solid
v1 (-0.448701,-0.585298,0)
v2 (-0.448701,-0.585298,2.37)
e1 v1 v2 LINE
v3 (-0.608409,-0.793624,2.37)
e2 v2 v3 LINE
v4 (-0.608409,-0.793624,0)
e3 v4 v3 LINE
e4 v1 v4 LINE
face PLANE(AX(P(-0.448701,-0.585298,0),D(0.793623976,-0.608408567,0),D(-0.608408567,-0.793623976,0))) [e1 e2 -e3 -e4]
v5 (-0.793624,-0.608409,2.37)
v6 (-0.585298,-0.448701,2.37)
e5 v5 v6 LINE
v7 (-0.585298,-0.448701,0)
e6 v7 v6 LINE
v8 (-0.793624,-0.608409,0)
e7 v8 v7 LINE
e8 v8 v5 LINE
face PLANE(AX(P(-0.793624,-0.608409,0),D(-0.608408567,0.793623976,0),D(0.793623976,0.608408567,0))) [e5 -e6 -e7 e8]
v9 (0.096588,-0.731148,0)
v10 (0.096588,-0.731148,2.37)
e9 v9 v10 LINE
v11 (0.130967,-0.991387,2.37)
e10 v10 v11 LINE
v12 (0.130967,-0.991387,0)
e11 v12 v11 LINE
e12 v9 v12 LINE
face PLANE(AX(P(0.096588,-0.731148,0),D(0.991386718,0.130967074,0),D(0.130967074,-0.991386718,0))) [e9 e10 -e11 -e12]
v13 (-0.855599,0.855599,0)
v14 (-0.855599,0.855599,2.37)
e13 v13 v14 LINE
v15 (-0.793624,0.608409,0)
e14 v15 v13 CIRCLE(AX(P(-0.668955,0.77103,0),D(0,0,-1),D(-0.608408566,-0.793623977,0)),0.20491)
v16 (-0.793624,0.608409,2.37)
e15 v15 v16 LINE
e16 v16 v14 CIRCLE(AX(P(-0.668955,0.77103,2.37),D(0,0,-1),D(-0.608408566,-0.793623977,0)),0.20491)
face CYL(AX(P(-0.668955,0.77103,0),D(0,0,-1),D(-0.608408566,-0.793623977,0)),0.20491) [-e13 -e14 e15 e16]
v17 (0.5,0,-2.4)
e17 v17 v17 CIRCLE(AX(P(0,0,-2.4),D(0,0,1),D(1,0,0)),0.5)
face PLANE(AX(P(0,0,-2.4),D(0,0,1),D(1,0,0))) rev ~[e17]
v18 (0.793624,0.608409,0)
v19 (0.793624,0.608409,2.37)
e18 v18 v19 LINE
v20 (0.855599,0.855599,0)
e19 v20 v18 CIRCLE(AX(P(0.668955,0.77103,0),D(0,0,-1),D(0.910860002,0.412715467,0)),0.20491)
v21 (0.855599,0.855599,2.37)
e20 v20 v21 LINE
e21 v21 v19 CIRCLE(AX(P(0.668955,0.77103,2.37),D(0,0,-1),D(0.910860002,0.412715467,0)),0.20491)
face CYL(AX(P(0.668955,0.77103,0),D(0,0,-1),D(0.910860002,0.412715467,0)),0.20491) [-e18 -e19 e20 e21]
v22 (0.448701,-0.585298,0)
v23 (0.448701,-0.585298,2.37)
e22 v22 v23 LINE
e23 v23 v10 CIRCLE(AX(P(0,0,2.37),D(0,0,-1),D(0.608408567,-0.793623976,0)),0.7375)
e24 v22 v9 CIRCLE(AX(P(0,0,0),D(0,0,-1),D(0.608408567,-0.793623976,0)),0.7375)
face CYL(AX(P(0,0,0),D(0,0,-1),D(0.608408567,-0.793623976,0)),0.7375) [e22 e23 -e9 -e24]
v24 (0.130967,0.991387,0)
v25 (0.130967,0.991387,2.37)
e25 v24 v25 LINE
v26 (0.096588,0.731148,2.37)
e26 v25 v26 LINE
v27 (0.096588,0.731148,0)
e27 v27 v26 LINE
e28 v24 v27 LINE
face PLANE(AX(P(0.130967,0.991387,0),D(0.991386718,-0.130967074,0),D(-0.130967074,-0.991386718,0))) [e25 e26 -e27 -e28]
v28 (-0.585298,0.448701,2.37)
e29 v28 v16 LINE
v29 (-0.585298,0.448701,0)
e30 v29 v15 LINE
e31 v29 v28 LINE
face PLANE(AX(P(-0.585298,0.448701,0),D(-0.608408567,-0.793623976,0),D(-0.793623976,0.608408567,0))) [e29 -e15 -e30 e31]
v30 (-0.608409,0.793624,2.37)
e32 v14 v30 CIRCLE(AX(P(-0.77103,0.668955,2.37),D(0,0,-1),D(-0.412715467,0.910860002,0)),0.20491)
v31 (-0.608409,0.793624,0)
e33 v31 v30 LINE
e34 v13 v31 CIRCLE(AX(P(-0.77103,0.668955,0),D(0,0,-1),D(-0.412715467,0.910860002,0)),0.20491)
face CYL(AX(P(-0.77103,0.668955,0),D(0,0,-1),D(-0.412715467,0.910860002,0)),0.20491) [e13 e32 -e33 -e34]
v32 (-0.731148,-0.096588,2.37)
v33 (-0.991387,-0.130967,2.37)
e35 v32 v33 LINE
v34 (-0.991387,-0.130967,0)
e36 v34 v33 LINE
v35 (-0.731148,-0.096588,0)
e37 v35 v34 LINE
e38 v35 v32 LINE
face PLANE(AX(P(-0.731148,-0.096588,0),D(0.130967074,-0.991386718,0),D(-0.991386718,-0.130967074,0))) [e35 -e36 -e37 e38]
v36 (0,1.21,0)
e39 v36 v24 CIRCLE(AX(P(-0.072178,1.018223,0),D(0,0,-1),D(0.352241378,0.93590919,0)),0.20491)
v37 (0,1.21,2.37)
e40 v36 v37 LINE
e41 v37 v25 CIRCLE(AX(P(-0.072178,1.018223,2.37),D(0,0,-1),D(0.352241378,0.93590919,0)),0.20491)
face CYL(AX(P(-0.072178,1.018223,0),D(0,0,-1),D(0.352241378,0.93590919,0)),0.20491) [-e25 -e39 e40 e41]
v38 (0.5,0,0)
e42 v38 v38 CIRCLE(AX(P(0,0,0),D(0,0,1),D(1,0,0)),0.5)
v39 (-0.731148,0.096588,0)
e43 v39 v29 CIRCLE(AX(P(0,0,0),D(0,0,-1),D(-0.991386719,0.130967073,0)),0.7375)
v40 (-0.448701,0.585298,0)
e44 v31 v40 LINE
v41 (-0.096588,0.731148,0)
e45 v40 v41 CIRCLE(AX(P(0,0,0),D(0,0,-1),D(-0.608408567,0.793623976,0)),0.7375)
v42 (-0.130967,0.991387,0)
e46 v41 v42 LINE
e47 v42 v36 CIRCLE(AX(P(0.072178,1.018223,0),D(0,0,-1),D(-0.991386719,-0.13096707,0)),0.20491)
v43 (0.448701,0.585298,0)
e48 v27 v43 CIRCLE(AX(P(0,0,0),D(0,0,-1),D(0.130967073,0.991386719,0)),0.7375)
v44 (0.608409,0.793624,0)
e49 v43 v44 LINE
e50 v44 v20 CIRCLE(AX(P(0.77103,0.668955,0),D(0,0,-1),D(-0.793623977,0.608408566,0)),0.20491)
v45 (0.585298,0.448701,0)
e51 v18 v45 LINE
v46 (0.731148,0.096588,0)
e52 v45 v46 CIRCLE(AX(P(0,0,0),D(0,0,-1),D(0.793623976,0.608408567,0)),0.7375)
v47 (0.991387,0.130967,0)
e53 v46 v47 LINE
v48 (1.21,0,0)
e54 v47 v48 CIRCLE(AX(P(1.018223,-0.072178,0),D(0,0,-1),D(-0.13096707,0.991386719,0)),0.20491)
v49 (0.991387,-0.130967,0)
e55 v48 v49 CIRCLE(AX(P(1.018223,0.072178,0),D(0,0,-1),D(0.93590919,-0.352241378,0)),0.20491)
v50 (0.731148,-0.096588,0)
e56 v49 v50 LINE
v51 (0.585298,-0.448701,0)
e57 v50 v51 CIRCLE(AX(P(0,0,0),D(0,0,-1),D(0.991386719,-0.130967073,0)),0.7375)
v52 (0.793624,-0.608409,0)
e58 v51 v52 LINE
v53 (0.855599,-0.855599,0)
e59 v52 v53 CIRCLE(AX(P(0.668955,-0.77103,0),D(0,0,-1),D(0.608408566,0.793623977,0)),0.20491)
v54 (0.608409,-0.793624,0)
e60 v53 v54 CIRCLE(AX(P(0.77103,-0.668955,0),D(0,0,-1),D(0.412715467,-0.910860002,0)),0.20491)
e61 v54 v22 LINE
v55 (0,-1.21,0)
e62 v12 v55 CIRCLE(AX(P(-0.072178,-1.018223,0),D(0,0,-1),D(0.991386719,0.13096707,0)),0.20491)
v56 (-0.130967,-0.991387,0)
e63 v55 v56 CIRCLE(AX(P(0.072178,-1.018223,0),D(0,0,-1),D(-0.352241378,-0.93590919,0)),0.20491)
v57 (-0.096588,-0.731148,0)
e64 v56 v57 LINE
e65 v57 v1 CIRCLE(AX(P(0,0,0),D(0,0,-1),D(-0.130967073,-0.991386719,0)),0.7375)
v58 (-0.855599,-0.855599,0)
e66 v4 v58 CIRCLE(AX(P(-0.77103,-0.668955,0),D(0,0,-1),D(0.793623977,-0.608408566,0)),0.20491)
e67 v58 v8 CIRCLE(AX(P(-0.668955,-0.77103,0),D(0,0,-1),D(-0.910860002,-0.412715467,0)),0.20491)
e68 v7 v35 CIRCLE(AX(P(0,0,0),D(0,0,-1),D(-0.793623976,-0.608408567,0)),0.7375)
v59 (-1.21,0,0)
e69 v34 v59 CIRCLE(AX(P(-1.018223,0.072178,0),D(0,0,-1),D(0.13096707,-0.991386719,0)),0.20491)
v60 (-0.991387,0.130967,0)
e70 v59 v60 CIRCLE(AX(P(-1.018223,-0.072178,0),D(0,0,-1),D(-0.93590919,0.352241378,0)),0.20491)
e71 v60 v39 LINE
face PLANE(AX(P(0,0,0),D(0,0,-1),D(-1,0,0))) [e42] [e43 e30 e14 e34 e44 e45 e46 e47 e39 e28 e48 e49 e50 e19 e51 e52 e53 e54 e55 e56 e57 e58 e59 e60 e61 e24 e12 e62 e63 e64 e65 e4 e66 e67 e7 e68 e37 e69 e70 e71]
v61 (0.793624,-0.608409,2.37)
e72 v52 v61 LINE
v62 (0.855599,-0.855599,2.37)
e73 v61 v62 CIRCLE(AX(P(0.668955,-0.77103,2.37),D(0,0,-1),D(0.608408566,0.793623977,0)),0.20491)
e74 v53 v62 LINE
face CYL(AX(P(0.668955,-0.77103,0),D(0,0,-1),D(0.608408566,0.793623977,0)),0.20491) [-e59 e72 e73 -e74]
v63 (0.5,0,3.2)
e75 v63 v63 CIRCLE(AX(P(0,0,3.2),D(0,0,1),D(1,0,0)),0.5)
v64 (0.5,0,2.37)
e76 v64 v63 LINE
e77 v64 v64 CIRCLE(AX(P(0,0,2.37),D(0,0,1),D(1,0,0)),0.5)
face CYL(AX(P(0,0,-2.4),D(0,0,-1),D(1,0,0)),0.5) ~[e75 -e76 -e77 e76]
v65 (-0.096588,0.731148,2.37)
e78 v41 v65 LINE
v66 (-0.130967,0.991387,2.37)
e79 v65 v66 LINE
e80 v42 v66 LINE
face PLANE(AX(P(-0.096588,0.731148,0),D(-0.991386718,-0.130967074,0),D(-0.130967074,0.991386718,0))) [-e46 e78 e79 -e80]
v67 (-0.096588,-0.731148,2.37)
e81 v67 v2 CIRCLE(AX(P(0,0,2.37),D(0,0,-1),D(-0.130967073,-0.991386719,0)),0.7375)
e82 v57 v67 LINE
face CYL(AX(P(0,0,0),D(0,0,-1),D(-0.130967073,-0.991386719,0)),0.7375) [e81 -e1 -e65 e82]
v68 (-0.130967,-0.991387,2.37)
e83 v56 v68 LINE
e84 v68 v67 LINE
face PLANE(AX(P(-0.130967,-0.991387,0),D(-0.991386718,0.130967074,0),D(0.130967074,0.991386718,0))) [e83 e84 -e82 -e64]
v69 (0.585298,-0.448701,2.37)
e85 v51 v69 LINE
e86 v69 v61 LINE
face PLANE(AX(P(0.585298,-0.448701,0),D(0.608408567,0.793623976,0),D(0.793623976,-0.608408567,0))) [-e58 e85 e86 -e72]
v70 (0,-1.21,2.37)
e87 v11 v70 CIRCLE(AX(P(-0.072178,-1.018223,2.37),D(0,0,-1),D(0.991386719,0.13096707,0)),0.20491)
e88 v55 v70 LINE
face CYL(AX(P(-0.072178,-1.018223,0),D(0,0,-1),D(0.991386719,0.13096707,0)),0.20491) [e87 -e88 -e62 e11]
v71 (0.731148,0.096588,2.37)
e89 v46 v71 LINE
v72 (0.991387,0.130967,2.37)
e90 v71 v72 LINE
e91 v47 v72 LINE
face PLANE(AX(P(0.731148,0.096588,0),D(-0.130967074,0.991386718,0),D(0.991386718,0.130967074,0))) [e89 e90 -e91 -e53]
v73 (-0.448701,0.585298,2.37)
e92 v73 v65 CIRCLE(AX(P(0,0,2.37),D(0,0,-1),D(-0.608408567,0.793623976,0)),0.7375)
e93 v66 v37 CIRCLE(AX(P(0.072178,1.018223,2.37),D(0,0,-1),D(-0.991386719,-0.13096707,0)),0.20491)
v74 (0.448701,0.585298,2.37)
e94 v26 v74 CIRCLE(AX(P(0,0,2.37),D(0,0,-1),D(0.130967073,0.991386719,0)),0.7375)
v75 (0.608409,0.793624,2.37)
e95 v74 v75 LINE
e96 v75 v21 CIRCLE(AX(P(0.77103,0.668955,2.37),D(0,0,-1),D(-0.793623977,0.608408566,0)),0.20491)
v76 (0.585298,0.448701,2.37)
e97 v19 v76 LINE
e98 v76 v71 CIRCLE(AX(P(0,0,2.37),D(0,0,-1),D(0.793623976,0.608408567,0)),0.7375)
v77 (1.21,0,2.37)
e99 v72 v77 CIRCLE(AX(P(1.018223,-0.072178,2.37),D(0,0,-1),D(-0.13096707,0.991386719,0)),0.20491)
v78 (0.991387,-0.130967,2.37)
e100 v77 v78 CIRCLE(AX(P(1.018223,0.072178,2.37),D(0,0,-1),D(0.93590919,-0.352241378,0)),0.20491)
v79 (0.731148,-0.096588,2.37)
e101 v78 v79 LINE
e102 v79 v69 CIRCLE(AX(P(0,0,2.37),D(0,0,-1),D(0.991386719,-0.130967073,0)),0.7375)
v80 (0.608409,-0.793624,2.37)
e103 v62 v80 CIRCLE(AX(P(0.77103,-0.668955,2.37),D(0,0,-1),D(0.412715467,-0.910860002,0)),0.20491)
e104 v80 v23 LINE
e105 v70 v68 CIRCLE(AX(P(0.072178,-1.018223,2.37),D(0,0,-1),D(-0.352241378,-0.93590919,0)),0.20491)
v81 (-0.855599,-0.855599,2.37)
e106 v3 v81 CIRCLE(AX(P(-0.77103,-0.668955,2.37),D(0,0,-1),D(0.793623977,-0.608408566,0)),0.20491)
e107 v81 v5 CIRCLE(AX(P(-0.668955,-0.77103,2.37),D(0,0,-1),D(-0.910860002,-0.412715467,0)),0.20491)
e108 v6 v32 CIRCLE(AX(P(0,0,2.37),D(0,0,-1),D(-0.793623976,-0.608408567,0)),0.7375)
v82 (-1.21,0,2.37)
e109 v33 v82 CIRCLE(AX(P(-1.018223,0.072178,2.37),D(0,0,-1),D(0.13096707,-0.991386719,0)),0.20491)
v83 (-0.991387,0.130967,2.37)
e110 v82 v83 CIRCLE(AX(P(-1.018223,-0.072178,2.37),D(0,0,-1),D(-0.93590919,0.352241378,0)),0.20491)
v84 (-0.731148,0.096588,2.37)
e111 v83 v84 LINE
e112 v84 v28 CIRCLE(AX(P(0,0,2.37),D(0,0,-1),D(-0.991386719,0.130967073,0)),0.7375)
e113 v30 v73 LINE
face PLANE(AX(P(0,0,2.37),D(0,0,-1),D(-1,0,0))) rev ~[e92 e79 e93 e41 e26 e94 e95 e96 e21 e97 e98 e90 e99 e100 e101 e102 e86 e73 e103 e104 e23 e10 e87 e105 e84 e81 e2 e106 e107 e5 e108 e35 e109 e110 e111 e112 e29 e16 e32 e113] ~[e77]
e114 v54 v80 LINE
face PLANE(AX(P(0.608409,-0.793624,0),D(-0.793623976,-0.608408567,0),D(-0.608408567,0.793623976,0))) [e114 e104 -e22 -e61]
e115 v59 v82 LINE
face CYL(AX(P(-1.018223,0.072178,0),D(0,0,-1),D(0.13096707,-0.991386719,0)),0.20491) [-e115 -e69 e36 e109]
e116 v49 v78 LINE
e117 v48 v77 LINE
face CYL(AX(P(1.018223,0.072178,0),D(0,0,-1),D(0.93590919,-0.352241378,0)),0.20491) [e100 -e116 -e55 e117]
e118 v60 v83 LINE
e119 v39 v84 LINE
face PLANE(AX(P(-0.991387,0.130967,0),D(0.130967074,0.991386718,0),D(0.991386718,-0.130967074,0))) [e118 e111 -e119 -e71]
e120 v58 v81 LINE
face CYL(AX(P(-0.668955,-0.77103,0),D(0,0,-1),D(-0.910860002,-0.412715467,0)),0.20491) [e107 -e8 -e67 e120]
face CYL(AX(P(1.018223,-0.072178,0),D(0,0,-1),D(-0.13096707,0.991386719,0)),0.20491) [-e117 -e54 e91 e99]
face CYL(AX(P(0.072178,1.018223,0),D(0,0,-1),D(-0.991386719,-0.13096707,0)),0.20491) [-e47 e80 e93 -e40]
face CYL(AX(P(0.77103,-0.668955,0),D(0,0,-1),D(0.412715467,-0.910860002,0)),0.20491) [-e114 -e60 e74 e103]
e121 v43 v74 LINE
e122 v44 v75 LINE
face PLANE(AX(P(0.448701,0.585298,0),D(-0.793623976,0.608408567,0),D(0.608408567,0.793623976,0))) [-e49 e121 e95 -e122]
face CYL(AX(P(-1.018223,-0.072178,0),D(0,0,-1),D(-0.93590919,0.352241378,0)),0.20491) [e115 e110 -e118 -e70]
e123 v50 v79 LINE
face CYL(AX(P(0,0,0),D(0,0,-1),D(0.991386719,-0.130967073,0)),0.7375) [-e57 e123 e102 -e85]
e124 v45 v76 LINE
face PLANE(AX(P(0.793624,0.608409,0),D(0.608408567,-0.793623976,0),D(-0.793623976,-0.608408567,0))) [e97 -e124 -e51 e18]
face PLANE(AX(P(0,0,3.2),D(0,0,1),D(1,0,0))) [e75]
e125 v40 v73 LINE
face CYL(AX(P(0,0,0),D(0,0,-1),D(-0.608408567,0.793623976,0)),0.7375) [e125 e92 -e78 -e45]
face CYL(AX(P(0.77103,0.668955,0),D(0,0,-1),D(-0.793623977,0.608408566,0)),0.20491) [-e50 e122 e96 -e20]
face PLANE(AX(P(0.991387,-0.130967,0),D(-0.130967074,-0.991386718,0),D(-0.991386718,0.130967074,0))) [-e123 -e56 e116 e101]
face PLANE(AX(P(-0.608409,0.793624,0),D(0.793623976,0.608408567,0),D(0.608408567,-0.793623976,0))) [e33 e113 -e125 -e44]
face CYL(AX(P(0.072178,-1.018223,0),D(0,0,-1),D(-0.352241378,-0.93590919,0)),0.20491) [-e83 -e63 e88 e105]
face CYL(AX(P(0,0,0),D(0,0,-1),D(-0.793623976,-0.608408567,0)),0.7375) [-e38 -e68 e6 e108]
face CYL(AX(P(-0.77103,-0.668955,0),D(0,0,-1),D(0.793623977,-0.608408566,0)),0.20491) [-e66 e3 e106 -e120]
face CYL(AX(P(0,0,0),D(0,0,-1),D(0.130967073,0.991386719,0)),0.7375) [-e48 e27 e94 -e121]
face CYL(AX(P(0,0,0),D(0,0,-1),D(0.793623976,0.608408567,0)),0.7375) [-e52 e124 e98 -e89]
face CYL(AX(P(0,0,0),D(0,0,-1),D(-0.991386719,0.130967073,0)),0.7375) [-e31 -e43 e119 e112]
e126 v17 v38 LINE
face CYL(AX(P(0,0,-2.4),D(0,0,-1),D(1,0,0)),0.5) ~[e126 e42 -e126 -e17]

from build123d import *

# Parameters (mm, degrees)
SKETCH1_R                = 0.5
BOSS_EXTRUDE1_DEPTH      = 2.37
BOSS_EXTRUDE3_DEPTH      = 3.2
BOSS_EXTRUDE3_DEPTH_BACK = 2.4
SKETCH1_3_R              = 0.5


with BuildPart() as part:
    # Sketch1 → Boss-Extrude1 (new body)
    with BuildSketch(Plane.XY):
        with BuildLine():
            Line((-0.096588215, 0.731147705), (-0.130967072, 0.991386719))
            ThreePointArc((-0.130967072, 0.991386719), (-0.103602162, 1.123529505), (0, 1.21))
            ThreePointArc((0, 1.21), (0.103602162, 1.123529505), (0.130967072, 0.991386719))
            Line((0.130967072, 0.991386719), (0.096588215, 0.731147705))
            ThreePointArc((0.096588215, 0.731147705), (0.282229031, 0.681361155), (0.448701318, 0.585297682))
            Line((0.448701318, 0.585297682), (0.608408567, 0.793623976))
            ThreePointArc((0.608408567, 0.793623976), (0.721197541, 0.867713123), (0.855599205, 0.855599205))
            ThreePointArc((0.855599205, 0.855599205), (0.867713123, 0.721197541), (0.793623976, 0.608408567))
            Line((0.793623976, 0.608408567), (0.585297682, 0.448701318))
            ThreePointArc((0.585297682, 0.448701318), (0.681361155, 0.282229031), (0.731147705, 0.096588215))
            Line((0.731147705, 0.096588215), (0.991386719, 0.130967072))
            ThreePointArc((0.991386719, 0.130967072), (1.123529505, 0.103602162), (1.21, 0))
            ThreePointArc((1.21, 0), (1.123529505, -0.103602162), (0.991386719, -0.130967072))
            Line((0.991386719, -0.130967072), (0.731147705, -0.096588215))
            ThreePointArc((0.731147705, -0.096588215), (0.681361155, -0.282229031), (0.585297682, -0.448701318))
            Line((0.585297682, -0.448701318), (0.793623976, -0.608408567))
            ThreePointArc((0.793623976, -0.608408567), (0.867713123, -0.721197541), (0.855599205, -0.855599205))
            ThreePointArc((0.855599205, -0.855599205), (0.721197541, -0.867713123), (0.608408567, -0.793623976))
            Line((0.608408567, -0.793623976), (0.448701318, -0.585297682))
            ThreePointArc((0.448701318, -0.585297682), (0.282229031, -0.681361155), (0.096588215, -0.731147705))
            Line((0.096588215, -0.731147705), (0.130967072, -0.991386719))
            ThreePointArc((0.130967072, -0.991386719), (0.103602162, -1.123529505), (0, -1.21))
            ThreePointArc((0, -1.21), (-0.103602162, -1.123529505), (-0.130967072, -0.991386719))
            Line((-0.130967072, -0.991386719), (-0.096588215, -0.731147705))
            ThreePointArc((-0.096588215, -0.731147705), (-0.282229031, -0.681361155), (-0.448701318, -0.585297682))
            Line((-0.448701318, -0.585297682), (-0.608408567, -0.793623976))
            ThreePointArc((-0.608408567, -0.793623976), (-0.721197541, -0.867713123), (-0.855599205, -0.855599205))
            ThreePointArc((-0.855599205, -0.855599205), (-0.867713123, -0.721197541), (-0.793623976, -0.608408567))
            Line((-0.793623976, -0.608408567), (-0.585297682, -0.448701318))
            ThreePointArc((-0.585297682, -0.448701318), (-0.681361155, -0.282229031), (-0.731147705, -0.096588215))
            Line((-0.731147705, -0.096588215), (-0.991386719, -0.130967072))
            ThreePointArc((-0.991386719, -0.130967072), (-1.123529505, -0.103602162), (-1.21, 0))
            ThreePointArc((-1.21, 0), (-1.123529505, 0.103602162), (-0.991386719, 0.130967072))
            Line((-0.991386719, 0.130967072), (-0.731147705, 0.096588215))
            ThreePointArc((-0.731147705, 0.096588215), (-0.681361155, 0.282229031), (-0.585297682, 0.448701318))
            Line((-0.585297682, 0.448701318), (-0.793623976, 0.608408567))
            ThreePointArc((-0.793623976, 0.608408567), (-0.867713123, 0.721197541), (-0.855599205, 0.855599205))
            ThreePointArc((-0.855599205, 0.855599205), (-0.721197541, 0.867713123), (-0.608408567, 0.793623976))
            Line((-0.608408567, 0.793623976), (-0.448701318, 0.585297682))
            ThreePointArc((-0.448701318, 0.585297682), (-0.282229031, 0.681361155), (-0.096588215, 0.731147705))
        make_face()
        Circle(SKETCH1_R, mode=Mode.SUBTRACT)
    extrude(amount=BOSS_EXTRUDE1_DEPTH)

    # Sketch1<3> → Boss-Extrude3 (add, two sides: drawn at the far end of the back side and taken through both)
    with BuildSketch(Plane.XY.offset(-BOSS_EXTRUDE3_DEPTH_BACK)):
        Circle(SKETCH1_3_R)
    extrude(amount=BOSS_EXTRUDE3_DEPTH + BOSS_EXTRUDE3_DEPTH_BACK)


solid = part.part
